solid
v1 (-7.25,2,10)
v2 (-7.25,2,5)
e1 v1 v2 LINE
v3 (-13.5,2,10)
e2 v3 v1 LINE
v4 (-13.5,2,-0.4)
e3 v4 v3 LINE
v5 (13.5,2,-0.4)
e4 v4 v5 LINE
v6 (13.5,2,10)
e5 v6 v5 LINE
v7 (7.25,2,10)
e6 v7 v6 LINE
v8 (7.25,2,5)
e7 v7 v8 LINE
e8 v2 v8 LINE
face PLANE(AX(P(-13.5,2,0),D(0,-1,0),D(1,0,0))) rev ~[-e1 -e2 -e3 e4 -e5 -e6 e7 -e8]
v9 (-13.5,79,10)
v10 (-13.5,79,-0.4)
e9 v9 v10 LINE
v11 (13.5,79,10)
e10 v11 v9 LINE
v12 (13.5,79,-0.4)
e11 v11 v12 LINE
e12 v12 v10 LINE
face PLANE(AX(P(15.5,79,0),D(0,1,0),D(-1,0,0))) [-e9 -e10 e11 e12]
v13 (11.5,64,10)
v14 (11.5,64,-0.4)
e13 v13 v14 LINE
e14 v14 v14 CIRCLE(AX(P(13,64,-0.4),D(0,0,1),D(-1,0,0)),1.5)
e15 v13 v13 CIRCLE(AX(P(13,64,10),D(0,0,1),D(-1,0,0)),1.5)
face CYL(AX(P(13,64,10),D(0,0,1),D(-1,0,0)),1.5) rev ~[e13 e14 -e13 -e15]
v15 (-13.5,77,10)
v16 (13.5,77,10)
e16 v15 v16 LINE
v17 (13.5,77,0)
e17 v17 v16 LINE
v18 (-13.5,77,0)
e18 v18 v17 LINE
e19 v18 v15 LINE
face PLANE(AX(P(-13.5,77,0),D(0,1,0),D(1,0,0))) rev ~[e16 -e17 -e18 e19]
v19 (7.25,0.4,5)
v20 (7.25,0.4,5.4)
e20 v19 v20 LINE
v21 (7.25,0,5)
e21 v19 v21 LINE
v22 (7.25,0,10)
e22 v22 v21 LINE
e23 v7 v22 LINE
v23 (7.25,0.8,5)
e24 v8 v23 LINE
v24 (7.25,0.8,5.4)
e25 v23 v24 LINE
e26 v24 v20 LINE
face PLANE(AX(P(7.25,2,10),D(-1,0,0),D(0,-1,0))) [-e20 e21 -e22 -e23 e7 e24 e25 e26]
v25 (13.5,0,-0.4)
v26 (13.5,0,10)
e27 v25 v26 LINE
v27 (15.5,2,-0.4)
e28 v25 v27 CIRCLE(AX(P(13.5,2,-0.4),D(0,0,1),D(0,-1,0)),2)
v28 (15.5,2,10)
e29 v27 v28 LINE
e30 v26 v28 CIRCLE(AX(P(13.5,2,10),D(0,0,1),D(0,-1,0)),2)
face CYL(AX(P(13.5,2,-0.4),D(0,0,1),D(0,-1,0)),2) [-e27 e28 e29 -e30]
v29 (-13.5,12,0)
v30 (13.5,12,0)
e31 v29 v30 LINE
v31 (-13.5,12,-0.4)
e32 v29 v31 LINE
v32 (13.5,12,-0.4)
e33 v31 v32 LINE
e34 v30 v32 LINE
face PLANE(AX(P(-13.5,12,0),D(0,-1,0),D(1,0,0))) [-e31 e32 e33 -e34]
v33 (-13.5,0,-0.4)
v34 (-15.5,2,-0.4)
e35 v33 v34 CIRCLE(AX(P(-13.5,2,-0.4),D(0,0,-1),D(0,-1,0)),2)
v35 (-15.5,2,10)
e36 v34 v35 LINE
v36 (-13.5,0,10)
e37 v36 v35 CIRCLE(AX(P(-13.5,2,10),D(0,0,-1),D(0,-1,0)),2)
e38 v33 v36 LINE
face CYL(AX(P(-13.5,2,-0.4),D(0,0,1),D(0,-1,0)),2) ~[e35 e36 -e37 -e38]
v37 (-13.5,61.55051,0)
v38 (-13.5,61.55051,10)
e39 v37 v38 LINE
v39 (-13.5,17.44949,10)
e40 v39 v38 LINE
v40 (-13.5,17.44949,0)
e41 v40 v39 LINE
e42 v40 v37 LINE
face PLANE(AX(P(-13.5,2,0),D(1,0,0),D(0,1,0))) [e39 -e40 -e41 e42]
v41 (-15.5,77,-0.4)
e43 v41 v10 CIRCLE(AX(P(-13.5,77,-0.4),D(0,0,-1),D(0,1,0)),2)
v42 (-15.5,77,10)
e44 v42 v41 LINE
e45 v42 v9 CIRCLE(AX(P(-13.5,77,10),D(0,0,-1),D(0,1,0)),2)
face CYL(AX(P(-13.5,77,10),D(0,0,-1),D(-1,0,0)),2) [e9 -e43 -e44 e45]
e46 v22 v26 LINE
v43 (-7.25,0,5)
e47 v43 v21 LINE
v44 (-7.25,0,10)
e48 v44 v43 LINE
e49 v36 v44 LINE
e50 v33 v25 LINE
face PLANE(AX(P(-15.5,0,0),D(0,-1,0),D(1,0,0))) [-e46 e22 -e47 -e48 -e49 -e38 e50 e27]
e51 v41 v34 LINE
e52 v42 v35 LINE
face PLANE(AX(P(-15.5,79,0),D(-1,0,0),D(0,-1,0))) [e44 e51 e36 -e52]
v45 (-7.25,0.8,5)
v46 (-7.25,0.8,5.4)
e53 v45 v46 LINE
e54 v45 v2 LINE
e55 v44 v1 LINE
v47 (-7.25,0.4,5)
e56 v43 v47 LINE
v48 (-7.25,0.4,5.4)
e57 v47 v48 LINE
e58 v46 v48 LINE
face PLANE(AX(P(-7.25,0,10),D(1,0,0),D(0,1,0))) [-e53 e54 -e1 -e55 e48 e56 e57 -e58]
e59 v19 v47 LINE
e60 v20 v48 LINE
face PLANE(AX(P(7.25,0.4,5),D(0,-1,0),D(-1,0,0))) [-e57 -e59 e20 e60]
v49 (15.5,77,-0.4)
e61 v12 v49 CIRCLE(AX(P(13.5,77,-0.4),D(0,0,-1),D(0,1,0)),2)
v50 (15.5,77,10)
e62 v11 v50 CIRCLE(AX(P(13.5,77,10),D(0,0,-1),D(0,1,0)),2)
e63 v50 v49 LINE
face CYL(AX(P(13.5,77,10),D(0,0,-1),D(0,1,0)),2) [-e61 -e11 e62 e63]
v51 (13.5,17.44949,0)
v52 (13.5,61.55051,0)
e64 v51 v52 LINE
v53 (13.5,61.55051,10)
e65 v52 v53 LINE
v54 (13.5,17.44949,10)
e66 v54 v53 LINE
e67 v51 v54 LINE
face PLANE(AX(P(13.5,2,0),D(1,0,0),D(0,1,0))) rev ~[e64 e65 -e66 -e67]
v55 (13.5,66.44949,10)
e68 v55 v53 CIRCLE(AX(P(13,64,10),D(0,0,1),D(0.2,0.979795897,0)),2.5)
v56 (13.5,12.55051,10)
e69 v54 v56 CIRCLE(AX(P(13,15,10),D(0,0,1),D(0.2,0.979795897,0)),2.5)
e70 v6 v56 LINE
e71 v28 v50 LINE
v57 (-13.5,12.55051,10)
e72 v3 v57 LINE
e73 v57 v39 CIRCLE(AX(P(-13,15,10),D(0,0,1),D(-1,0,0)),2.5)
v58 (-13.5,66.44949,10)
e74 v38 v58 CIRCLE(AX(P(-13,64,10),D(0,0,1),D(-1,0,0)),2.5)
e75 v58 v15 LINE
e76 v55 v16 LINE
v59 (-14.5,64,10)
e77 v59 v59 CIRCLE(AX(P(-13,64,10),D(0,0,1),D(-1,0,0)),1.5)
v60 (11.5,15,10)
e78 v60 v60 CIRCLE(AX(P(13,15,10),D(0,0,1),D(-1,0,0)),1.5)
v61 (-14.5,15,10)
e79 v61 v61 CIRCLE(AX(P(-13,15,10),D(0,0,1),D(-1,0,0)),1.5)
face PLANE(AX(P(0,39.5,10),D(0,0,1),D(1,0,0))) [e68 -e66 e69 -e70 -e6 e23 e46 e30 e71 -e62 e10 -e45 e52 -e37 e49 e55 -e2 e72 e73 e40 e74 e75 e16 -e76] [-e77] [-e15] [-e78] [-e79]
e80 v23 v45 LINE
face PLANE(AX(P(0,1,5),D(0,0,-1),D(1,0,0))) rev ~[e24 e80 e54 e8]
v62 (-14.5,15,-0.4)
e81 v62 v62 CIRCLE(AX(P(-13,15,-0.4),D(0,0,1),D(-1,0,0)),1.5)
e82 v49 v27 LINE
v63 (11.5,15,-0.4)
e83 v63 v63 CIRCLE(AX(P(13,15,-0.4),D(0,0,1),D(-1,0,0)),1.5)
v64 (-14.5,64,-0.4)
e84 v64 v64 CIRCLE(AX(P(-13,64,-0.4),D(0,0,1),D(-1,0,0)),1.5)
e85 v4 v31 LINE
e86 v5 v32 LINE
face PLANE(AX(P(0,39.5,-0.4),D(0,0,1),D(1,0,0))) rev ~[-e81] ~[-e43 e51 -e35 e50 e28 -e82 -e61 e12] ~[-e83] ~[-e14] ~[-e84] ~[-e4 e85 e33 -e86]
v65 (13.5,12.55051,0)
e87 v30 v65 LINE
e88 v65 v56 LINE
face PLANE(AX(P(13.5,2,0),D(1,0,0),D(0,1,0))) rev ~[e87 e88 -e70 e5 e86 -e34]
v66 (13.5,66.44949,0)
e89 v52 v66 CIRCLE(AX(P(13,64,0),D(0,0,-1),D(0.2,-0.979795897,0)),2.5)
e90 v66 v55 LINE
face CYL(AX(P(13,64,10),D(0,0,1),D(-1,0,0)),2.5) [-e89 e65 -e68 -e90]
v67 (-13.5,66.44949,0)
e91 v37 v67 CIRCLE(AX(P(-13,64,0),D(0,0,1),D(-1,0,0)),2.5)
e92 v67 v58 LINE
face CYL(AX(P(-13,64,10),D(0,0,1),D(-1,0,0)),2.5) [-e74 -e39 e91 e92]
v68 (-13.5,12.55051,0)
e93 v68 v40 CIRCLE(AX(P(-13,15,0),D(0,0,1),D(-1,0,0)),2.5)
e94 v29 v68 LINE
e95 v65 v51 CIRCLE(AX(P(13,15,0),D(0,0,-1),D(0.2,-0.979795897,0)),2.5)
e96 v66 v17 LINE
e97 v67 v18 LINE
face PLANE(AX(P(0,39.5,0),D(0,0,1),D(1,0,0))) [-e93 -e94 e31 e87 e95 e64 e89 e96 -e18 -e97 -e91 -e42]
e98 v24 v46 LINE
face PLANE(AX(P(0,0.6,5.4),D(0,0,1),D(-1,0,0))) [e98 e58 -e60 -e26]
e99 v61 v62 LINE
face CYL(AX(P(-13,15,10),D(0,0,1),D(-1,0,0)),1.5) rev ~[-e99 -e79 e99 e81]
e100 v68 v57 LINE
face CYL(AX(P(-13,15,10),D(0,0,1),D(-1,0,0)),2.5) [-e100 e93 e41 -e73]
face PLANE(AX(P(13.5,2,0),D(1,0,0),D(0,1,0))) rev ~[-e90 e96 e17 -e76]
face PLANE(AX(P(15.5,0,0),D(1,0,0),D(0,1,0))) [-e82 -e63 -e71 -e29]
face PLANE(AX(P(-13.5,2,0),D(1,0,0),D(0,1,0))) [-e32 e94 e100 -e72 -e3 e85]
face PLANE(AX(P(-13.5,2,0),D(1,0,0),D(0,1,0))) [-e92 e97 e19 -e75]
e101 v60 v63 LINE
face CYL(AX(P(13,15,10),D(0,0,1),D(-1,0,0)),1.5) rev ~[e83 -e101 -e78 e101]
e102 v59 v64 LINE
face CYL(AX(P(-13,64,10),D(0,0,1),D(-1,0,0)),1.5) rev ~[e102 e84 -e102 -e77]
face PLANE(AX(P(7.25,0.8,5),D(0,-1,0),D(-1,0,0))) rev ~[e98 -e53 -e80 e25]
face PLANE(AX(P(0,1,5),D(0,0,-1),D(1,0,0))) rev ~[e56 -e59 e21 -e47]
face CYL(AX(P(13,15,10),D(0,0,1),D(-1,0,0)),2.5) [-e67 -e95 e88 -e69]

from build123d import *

# Parameters (mm, degrees)
SKETCH_W        = 27
SKETCH_H        = 75
PAD_DEPTH       = 10
SKETCH001_W     = 27
SKETCH001_H     = 10
PAD001_DEPTH    = 0.4
POCKET_DEPTH    = 5
SKETCH011_W     = 14.5
SKETCH011_H     = 0.4
PAD004_DEPTH    = 0.4
SKETCH012_R     = 2.5
PAD005_DEPTH    = 10.4
SKETCH009_R     = 1.5
POCKET001_DEPTH = 10.401
FILLET_R        = 2


with BuildPart() as part:
    # Sketch → Pad (new body)
    with BuildSketch(Plane.XY):
        Polygon((0, 0), (15.5, 0), (15.5, 39.5), (15.5, 79), (0, 79), (-15.5, 79), (-15.5, 39.5), (-15.5, 0), align=None)
        with Locations((0, 39.5)):
            Rectangle(SKETCH_W, SKETCH_H, mode=Mode.SUBTRACT)
    extrude(amount=PAD_DEPTH)

    # Sketch001 → Pad001 (join)
    with BuildSketch(Plane.XY):
        Polygon((-15.5, 79), (-15.5, 39.5), (-15.5, 0), (0, 0), (15.5, 0), (15.5, 39.5), (15.5, 79), (0, 79), align=None)
        with Locations((0, 7)):
            Rectangle(SKETCH001_W, SKETCH001_H, mode=Mode.SUBTRACT)
    extrude(amount=-PAD001_DEPTH)

    # Sketch010 (on DatumPlane) → Pocket (cut)
    with BuildSketch(Plane(origin=(0, 0, 10), x_dir=(-1, 0, 0), z_dir=(0, 0, 1))):
        Polygon((0, 0), (7.25, 0), (7.25, -2), (-7.25, -2), (-7.25, 0), align=None)
    extrude(amount=-POCKET_DEPTH, mode=Mode.SUBTRACT)

    # Sketch011 (on DatumPlane) → Pad004 (join)
    with BuildSketch(Plane(origin=(0, 0, 5), x_dir=(-1, 0, 0), z_dir=(0, 0, 1))):
        with Locations((0, -0.6)):
            Rectangle(SKETCH011_W, SKETCH011_H)
    extrude(amount=PAD004_DEPTH)

    # Sketch012 (on DatumPlane) → Pad005 (join)
    with BuildSketch(Plane(origin=(-15.5, 39.5, 10), x_dir=(-1, 0, 0), z_dir=(0, 0, 1))):
        with Locations((-2.5, 24.5)):
            Circle(SKETCH012_R)
        with Locations((-28.5, 24.5)):
            Circle(SKETCH012_R)
        with Locations((-28.5, -24.5)):
            Circle(SKETCH012_R)
        with Locations((-2.5, -24.5)):
            Circle(SKETCH012_R)
    extrude(amount=-PAD005_DEPTH)

    # Sketch009 (on DatumPlane) → Pocket001 (cut, through all)
    with BuildSketch(Plane(origin=(-15.5, 39.5, 10), x_dir=(-1, 0, 0), z_dir=(0, 0, 1))):
        with Locations((-28.5, 24.5)):
            Circle(SKETCH009_R)
        with Locations((-2.5, 24.5)):
            Circle(SKETCH009_R)
        with Locations((-28.5, -24.5)):
            Circle(SKETCH009_R)
        with Locations((-2.5, -24.5)):
            Circle(SKETCH009_R)
    extrude(amount=-POCKET001_DEPTH, mode=Mode.SUBTRACT)

    # Fillet
    fillet_edges = [part.edges().sort_by_distance(p)[0] for p in [
        (-15.5, 0, 5),
        (15.5, 0, 5),
        (15.5, 79, 5),
        (-15.5, 79, 5),
    ]]
    fillet(fillet_edges, radius=FILLET_R)


solid = part.part
